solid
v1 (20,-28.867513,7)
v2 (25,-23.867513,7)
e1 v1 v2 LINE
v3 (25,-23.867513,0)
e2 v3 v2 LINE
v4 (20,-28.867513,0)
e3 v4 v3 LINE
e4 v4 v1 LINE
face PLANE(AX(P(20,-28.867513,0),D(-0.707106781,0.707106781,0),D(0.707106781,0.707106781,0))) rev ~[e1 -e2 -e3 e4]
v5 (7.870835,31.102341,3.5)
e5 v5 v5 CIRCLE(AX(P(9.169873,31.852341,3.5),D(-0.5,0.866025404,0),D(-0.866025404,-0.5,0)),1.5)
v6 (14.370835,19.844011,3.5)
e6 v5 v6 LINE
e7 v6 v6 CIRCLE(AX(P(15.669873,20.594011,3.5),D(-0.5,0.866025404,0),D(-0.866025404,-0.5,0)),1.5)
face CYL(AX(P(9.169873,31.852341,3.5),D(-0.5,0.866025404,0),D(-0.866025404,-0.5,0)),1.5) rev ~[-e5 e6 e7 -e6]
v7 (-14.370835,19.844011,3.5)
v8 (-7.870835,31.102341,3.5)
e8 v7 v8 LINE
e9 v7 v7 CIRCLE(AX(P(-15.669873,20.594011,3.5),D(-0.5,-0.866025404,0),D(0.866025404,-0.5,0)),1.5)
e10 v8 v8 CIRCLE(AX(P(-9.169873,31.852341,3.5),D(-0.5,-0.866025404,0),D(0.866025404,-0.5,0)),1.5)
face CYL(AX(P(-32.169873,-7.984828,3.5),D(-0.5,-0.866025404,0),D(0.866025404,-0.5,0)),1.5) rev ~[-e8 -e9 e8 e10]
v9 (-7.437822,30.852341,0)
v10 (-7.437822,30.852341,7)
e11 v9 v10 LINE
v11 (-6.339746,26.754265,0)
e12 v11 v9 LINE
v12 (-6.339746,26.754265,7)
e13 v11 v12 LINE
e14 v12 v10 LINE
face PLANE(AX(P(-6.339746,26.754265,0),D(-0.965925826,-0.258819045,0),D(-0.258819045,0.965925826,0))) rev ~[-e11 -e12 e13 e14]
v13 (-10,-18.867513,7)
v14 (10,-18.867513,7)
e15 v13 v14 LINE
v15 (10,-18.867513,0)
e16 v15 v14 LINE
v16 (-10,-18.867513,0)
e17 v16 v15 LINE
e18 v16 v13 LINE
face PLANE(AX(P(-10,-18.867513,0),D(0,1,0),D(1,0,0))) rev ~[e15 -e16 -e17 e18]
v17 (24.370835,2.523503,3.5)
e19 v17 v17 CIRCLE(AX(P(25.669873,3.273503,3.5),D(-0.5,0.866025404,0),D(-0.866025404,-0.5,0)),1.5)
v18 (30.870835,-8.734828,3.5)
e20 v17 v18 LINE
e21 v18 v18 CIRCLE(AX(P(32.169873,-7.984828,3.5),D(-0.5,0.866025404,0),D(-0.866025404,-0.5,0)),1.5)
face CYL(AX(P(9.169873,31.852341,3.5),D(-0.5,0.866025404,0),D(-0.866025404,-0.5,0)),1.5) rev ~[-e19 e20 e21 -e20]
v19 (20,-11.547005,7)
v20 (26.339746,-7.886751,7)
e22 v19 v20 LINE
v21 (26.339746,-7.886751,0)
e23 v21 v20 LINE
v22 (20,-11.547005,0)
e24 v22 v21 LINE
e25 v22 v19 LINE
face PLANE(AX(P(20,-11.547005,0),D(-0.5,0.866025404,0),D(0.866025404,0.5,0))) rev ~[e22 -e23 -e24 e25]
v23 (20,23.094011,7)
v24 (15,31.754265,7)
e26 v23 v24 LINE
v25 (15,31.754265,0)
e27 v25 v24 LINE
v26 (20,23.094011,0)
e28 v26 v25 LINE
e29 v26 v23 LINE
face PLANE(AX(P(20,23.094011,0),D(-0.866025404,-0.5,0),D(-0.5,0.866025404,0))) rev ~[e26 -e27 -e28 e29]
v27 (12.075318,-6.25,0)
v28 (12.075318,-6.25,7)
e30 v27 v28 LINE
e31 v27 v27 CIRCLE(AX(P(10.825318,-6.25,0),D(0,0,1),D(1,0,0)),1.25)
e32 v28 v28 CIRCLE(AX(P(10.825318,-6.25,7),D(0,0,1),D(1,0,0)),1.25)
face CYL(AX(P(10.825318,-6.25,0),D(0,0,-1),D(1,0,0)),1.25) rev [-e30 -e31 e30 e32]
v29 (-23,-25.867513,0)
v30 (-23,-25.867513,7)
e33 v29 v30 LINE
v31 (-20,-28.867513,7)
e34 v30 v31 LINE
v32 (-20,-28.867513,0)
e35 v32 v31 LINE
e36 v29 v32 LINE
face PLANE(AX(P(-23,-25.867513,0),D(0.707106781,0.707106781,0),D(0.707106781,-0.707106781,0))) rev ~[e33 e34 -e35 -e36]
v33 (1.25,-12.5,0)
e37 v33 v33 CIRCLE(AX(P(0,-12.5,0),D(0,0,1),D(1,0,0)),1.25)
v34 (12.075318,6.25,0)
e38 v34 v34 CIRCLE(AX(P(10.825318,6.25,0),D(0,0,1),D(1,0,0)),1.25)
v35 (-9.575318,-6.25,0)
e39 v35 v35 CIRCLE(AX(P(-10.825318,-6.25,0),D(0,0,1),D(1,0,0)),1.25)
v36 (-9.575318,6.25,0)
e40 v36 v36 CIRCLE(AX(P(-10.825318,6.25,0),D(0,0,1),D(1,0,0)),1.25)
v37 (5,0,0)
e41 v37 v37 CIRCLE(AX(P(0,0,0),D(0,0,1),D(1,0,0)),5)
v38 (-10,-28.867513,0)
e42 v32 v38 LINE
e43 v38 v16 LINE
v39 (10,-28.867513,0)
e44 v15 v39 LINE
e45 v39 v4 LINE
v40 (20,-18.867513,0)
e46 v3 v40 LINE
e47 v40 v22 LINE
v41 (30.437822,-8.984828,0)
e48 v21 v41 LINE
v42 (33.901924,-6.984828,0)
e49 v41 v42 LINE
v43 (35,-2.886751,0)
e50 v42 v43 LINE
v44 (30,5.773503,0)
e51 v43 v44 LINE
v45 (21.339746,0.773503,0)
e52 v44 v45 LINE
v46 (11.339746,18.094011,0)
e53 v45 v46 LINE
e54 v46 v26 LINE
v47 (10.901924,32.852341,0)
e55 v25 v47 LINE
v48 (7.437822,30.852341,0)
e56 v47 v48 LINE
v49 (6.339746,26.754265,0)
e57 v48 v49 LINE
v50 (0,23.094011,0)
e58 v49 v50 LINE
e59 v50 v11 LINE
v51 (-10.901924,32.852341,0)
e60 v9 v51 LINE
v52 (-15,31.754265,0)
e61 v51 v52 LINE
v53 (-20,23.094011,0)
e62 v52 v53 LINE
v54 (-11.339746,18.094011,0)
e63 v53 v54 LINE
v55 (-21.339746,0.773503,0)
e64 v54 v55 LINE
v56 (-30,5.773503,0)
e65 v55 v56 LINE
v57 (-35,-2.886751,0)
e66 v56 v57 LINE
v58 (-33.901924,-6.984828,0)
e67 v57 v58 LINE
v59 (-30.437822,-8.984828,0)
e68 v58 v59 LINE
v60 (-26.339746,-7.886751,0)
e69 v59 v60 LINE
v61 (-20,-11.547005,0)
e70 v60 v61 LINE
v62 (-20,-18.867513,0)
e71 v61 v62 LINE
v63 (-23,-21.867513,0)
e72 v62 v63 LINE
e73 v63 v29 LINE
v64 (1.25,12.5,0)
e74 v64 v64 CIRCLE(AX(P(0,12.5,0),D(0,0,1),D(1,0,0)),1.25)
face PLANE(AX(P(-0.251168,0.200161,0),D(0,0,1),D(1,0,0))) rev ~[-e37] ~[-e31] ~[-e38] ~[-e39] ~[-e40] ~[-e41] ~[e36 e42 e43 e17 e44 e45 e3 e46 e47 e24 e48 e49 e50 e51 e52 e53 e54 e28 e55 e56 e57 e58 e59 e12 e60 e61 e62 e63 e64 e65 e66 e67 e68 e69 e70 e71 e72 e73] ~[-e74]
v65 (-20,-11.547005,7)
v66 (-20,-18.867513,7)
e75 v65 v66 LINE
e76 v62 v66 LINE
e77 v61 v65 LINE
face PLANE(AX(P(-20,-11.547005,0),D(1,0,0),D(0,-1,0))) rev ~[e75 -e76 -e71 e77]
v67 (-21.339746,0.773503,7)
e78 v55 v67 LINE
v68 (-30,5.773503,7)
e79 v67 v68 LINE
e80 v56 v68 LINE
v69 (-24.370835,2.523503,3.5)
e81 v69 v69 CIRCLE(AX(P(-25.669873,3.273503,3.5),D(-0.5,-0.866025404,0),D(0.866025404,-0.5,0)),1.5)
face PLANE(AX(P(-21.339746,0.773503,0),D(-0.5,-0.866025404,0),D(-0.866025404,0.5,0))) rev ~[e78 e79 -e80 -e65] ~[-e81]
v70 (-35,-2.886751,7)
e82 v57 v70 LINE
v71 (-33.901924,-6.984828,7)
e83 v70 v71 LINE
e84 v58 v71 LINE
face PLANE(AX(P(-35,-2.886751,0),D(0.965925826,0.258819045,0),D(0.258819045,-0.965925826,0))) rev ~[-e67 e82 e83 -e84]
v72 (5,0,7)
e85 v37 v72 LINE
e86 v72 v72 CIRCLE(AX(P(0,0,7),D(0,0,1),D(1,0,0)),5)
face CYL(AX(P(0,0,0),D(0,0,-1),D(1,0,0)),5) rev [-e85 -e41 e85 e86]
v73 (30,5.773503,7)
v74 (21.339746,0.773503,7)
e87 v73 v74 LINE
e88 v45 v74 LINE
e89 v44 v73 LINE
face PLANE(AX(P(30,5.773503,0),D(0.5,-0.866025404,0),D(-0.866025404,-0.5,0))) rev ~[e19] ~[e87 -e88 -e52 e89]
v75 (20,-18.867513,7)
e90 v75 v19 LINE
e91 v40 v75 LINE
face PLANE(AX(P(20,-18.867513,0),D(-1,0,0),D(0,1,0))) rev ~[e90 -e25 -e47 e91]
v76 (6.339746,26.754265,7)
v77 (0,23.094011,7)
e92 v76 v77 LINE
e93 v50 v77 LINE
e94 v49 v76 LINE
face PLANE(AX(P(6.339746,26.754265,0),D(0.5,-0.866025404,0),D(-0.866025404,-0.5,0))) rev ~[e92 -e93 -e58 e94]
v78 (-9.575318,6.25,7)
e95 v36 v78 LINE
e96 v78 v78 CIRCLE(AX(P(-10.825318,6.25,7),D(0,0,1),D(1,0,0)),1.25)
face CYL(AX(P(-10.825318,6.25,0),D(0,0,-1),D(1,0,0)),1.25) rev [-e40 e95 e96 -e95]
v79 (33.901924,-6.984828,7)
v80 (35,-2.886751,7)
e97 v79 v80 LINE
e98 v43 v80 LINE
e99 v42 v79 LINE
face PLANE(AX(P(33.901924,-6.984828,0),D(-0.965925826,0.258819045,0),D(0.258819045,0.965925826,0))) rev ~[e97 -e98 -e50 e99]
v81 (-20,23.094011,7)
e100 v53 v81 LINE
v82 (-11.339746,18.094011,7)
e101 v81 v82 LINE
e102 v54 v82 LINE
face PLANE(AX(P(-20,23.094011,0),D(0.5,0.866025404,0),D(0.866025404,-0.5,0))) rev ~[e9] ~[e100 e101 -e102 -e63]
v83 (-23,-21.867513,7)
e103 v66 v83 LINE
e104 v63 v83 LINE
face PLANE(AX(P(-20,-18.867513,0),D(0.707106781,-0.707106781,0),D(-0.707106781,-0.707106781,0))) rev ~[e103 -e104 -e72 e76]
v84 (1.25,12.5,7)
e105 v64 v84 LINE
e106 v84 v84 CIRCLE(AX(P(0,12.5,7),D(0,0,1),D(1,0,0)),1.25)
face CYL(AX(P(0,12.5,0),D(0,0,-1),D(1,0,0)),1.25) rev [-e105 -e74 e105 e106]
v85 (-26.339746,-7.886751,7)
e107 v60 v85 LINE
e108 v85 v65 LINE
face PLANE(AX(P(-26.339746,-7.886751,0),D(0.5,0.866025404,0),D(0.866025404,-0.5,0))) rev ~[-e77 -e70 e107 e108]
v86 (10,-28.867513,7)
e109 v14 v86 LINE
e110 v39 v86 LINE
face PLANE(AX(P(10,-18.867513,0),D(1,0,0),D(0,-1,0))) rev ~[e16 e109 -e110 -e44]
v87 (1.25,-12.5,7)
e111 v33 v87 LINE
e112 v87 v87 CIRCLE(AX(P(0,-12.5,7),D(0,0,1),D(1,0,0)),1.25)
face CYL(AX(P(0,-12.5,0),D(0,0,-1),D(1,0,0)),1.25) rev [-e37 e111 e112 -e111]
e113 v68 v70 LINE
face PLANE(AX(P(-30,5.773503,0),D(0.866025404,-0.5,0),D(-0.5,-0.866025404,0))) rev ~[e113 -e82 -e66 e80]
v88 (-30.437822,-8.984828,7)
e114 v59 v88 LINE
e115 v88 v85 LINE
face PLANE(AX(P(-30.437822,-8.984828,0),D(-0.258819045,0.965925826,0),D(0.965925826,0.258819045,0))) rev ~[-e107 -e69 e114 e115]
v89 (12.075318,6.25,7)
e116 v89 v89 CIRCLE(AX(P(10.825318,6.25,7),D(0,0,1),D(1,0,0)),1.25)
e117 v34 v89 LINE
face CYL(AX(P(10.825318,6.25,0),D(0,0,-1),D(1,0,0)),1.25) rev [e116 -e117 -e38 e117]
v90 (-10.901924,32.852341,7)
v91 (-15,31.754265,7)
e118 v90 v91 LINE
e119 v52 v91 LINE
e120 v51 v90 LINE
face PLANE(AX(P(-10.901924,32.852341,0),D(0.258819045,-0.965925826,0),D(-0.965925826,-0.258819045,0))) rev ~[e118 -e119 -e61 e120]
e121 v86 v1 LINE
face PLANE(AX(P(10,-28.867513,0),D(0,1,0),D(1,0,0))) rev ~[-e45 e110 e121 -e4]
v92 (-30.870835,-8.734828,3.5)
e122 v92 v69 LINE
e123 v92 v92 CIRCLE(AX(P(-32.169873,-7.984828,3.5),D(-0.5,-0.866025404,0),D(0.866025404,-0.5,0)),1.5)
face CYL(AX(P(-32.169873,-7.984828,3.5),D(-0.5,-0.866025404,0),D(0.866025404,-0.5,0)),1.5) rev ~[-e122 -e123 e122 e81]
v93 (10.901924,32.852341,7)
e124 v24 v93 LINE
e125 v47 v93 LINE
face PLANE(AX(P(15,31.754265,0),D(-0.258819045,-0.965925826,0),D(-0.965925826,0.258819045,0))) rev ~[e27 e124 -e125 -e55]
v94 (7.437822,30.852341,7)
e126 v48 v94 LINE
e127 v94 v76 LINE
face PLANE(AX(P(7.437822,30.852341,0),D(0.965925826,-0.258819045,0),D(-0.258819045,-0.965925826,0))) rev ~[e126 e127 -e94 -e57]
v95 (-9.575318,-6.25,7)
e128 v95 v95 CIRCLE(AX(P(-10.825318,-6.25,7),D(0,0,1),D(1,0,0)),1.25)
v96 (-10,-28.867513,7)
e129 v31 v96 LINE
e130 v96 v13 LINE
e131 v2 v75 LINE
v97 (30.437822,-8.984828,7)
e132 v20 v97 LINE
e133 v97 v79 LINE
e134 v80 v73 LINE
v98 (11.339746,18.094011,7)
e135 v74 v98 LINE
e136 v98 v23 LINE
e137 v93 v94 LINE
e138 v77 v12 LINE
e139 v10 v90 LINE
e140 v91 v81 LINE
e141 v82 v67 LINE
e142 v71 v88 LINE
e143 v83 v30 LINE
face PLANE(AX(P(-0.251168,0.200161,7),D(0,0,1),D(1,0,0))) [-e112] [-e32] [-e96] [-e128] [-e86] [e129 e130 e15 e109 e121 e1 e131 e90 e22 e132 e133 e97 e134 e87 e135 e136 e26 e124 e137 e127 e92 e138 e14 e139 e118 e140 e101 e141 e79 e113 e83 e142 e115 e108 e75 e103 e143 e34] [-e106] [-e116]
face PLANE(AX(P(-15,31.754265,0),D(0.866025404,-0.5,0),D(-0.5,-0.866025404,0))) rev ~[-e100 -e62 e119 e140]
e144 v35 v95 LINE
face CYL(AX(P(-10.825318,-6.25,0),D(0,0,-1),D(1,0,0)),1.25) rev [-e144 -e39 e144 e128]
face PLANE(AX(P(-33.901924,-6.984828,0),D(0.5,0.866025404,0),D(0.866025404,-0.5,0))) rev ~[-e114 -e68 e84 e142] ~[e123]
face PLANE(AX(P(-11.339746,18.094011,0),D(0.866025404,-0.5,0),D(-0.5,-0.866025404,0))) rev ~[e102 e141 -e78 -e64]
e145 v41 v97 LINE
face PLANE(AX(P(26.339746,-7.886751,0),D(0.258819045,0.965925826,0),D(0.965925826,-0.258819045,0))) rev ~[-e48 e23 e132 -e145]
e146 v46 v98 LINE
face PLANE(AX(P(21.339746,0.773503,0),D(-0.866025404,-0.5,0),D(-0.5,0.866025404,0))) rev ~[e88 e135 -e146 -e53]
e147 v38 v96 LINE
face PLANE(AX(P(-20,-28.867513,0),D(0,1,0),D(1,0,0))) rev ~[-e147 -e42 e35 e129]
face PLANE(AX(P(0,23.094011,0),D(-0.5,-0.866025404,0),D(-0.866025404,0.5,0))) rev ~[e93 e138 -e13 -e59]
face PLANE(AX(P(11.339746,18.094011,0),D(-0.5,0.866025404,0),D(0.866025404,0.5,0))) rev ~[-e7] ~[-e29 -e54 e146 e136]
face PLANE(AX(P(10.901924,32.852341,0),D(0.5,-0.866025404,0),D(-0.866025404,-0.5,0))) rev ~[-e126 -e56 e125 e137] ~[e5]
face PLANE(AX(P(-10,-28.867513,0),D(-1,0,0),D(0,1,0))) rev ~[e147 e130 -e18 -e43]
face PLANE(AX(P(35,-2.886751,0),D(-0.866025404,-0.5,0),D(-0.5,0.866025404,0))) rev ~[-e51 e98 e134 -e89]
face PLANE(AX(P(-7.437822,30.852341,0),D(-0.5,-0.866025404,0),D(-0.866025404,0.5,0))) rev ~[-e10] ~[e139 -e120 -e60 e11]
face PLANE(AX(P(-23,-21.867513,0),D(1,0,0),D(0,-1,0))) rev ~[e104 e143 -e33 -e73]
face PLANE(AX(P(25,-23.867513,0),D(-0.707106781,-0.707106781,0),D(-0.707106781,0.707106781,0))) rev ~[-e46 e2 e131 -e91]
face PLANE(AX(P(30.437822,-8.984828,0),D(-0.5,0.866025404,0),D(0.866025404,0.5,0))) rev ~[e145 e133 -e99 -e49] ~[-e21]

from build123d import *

# Parameters (mm, degrees)
F0_R     = 1.25
F0_R_2   = 5
F1_DEPTH = 7
F2_R     = 1.5
F3_DEPTH = 46
F4_R     = 1.5
F5_DEPTH = 46


with BuildPart() as f1:
    # F0 (on Top) → F1 (new body)
    with BuildSketch(Plane.XY):
        Polygon((-23, -25.8675134595), (-20, -28.8675134595), (-10, -28.8675134595), (-10, -18.8675134595), (10, -18.8675134595), (10, -28.8675134595), (20, -28.8675134595), (20, -18.8675134595), (20, -11.5470053838), (26.3397459622, -7.8867513459), (30.4378221735, -8.9848275573), (33.9019237886, -6.9848275573), (35, -2.8867513459), (30, 5.7735026919), (21.3397459622, 0.7735026919), (11.3397459622, 18.0940107676), (20, 23.0940107676), (15, 31.7542648054), (10.9019237886, 32.8523410168), (7.4378221735, 30.8523410168), (6.3397459622, 26.7542648054), (0, 23.0940107676), (-6.3397459622, 26.7542648054), (-7.4378221735, 30.8523410168), (-10.9019237886, 32.8523410168), (-15, 31.7542648054), (-20, 23.0940107676), (-11.3397459622, 18.0940107676), (-21.3397459622, 0.7735026919), (-30, 5.7735026919), (-35, -2.8867513459), (-33.9019237886, -6.9848275573), (-30.4378221735, -8.9848275573), (-26.3397459622, -7.8867513459), (-20, -11.5470053838), (-20, -18.8675134595), (-23, -21.8675134595), align=None)
        with Locations((-10.8253175473, -6.25)):
            Circle(F0_R, mode=Mode.SUBTRACT)
        with Locations((0, -12.5)):
            Circle(F0_R, mode=Mode.SUBTRACT)
        with Locations((10.8253175473, -6.25)):
            Circle(F0_R, mode=Mode.SUBTRACT)
        Circle(F0_R_2, mode=Mode.SUBTRACT)
        with Locations((-10.8253175473, 6.25)):
            Circle(F0_R, mode=Mode.SUBTRACT)
        with Locations((10.8253175473, 6.25)):
            Circle(F0_R, mode=Mode.SUBTRACT)
        with Locations((0, 12.5)):
            Circle(F0_R, mode=Mode.SUBTRACT)
        Polygon((23, -21.8675134595), (23, -25.8675134595), (25, -23.8675134595), align=None)
        Polygon((20, -18.8675134595), (20, -28.8675134595), (23, -25.8675134595), (23, -21.8675134595), align=None)
    extrude(amount=F1_DEPTH)

    # F2 (on face) → F3 (cut)
    with BuildSketch(Plane(origin=(-11.5, -19.918584287, 0), x_dir=(0.8660254038, -0.5, 0), z_dir=(-0.5, -0.8660254038, 0))):
        with Locations((-23.8675134595, 3.5)):
            Circle(F2_R)
    extrude(amount=-F3_DEPTH, mode=Mode.SUBTRACT)

    # F4 (on face) → F5 (cut)
    with BuildSketch(Plane(origin=(-11.5, 19.918584287, 0), x_dir=(-0.8660254038, -0.5, 0), z_dir=(-0.5, 0.8660254038, 0))):
        with Locations((-23.8675134595, 3.5)):
            Circle(F4_R)
    extrude(amount=-F5_DEPTH, mode=Mode.SUBTRACT)


solid = f1.part
